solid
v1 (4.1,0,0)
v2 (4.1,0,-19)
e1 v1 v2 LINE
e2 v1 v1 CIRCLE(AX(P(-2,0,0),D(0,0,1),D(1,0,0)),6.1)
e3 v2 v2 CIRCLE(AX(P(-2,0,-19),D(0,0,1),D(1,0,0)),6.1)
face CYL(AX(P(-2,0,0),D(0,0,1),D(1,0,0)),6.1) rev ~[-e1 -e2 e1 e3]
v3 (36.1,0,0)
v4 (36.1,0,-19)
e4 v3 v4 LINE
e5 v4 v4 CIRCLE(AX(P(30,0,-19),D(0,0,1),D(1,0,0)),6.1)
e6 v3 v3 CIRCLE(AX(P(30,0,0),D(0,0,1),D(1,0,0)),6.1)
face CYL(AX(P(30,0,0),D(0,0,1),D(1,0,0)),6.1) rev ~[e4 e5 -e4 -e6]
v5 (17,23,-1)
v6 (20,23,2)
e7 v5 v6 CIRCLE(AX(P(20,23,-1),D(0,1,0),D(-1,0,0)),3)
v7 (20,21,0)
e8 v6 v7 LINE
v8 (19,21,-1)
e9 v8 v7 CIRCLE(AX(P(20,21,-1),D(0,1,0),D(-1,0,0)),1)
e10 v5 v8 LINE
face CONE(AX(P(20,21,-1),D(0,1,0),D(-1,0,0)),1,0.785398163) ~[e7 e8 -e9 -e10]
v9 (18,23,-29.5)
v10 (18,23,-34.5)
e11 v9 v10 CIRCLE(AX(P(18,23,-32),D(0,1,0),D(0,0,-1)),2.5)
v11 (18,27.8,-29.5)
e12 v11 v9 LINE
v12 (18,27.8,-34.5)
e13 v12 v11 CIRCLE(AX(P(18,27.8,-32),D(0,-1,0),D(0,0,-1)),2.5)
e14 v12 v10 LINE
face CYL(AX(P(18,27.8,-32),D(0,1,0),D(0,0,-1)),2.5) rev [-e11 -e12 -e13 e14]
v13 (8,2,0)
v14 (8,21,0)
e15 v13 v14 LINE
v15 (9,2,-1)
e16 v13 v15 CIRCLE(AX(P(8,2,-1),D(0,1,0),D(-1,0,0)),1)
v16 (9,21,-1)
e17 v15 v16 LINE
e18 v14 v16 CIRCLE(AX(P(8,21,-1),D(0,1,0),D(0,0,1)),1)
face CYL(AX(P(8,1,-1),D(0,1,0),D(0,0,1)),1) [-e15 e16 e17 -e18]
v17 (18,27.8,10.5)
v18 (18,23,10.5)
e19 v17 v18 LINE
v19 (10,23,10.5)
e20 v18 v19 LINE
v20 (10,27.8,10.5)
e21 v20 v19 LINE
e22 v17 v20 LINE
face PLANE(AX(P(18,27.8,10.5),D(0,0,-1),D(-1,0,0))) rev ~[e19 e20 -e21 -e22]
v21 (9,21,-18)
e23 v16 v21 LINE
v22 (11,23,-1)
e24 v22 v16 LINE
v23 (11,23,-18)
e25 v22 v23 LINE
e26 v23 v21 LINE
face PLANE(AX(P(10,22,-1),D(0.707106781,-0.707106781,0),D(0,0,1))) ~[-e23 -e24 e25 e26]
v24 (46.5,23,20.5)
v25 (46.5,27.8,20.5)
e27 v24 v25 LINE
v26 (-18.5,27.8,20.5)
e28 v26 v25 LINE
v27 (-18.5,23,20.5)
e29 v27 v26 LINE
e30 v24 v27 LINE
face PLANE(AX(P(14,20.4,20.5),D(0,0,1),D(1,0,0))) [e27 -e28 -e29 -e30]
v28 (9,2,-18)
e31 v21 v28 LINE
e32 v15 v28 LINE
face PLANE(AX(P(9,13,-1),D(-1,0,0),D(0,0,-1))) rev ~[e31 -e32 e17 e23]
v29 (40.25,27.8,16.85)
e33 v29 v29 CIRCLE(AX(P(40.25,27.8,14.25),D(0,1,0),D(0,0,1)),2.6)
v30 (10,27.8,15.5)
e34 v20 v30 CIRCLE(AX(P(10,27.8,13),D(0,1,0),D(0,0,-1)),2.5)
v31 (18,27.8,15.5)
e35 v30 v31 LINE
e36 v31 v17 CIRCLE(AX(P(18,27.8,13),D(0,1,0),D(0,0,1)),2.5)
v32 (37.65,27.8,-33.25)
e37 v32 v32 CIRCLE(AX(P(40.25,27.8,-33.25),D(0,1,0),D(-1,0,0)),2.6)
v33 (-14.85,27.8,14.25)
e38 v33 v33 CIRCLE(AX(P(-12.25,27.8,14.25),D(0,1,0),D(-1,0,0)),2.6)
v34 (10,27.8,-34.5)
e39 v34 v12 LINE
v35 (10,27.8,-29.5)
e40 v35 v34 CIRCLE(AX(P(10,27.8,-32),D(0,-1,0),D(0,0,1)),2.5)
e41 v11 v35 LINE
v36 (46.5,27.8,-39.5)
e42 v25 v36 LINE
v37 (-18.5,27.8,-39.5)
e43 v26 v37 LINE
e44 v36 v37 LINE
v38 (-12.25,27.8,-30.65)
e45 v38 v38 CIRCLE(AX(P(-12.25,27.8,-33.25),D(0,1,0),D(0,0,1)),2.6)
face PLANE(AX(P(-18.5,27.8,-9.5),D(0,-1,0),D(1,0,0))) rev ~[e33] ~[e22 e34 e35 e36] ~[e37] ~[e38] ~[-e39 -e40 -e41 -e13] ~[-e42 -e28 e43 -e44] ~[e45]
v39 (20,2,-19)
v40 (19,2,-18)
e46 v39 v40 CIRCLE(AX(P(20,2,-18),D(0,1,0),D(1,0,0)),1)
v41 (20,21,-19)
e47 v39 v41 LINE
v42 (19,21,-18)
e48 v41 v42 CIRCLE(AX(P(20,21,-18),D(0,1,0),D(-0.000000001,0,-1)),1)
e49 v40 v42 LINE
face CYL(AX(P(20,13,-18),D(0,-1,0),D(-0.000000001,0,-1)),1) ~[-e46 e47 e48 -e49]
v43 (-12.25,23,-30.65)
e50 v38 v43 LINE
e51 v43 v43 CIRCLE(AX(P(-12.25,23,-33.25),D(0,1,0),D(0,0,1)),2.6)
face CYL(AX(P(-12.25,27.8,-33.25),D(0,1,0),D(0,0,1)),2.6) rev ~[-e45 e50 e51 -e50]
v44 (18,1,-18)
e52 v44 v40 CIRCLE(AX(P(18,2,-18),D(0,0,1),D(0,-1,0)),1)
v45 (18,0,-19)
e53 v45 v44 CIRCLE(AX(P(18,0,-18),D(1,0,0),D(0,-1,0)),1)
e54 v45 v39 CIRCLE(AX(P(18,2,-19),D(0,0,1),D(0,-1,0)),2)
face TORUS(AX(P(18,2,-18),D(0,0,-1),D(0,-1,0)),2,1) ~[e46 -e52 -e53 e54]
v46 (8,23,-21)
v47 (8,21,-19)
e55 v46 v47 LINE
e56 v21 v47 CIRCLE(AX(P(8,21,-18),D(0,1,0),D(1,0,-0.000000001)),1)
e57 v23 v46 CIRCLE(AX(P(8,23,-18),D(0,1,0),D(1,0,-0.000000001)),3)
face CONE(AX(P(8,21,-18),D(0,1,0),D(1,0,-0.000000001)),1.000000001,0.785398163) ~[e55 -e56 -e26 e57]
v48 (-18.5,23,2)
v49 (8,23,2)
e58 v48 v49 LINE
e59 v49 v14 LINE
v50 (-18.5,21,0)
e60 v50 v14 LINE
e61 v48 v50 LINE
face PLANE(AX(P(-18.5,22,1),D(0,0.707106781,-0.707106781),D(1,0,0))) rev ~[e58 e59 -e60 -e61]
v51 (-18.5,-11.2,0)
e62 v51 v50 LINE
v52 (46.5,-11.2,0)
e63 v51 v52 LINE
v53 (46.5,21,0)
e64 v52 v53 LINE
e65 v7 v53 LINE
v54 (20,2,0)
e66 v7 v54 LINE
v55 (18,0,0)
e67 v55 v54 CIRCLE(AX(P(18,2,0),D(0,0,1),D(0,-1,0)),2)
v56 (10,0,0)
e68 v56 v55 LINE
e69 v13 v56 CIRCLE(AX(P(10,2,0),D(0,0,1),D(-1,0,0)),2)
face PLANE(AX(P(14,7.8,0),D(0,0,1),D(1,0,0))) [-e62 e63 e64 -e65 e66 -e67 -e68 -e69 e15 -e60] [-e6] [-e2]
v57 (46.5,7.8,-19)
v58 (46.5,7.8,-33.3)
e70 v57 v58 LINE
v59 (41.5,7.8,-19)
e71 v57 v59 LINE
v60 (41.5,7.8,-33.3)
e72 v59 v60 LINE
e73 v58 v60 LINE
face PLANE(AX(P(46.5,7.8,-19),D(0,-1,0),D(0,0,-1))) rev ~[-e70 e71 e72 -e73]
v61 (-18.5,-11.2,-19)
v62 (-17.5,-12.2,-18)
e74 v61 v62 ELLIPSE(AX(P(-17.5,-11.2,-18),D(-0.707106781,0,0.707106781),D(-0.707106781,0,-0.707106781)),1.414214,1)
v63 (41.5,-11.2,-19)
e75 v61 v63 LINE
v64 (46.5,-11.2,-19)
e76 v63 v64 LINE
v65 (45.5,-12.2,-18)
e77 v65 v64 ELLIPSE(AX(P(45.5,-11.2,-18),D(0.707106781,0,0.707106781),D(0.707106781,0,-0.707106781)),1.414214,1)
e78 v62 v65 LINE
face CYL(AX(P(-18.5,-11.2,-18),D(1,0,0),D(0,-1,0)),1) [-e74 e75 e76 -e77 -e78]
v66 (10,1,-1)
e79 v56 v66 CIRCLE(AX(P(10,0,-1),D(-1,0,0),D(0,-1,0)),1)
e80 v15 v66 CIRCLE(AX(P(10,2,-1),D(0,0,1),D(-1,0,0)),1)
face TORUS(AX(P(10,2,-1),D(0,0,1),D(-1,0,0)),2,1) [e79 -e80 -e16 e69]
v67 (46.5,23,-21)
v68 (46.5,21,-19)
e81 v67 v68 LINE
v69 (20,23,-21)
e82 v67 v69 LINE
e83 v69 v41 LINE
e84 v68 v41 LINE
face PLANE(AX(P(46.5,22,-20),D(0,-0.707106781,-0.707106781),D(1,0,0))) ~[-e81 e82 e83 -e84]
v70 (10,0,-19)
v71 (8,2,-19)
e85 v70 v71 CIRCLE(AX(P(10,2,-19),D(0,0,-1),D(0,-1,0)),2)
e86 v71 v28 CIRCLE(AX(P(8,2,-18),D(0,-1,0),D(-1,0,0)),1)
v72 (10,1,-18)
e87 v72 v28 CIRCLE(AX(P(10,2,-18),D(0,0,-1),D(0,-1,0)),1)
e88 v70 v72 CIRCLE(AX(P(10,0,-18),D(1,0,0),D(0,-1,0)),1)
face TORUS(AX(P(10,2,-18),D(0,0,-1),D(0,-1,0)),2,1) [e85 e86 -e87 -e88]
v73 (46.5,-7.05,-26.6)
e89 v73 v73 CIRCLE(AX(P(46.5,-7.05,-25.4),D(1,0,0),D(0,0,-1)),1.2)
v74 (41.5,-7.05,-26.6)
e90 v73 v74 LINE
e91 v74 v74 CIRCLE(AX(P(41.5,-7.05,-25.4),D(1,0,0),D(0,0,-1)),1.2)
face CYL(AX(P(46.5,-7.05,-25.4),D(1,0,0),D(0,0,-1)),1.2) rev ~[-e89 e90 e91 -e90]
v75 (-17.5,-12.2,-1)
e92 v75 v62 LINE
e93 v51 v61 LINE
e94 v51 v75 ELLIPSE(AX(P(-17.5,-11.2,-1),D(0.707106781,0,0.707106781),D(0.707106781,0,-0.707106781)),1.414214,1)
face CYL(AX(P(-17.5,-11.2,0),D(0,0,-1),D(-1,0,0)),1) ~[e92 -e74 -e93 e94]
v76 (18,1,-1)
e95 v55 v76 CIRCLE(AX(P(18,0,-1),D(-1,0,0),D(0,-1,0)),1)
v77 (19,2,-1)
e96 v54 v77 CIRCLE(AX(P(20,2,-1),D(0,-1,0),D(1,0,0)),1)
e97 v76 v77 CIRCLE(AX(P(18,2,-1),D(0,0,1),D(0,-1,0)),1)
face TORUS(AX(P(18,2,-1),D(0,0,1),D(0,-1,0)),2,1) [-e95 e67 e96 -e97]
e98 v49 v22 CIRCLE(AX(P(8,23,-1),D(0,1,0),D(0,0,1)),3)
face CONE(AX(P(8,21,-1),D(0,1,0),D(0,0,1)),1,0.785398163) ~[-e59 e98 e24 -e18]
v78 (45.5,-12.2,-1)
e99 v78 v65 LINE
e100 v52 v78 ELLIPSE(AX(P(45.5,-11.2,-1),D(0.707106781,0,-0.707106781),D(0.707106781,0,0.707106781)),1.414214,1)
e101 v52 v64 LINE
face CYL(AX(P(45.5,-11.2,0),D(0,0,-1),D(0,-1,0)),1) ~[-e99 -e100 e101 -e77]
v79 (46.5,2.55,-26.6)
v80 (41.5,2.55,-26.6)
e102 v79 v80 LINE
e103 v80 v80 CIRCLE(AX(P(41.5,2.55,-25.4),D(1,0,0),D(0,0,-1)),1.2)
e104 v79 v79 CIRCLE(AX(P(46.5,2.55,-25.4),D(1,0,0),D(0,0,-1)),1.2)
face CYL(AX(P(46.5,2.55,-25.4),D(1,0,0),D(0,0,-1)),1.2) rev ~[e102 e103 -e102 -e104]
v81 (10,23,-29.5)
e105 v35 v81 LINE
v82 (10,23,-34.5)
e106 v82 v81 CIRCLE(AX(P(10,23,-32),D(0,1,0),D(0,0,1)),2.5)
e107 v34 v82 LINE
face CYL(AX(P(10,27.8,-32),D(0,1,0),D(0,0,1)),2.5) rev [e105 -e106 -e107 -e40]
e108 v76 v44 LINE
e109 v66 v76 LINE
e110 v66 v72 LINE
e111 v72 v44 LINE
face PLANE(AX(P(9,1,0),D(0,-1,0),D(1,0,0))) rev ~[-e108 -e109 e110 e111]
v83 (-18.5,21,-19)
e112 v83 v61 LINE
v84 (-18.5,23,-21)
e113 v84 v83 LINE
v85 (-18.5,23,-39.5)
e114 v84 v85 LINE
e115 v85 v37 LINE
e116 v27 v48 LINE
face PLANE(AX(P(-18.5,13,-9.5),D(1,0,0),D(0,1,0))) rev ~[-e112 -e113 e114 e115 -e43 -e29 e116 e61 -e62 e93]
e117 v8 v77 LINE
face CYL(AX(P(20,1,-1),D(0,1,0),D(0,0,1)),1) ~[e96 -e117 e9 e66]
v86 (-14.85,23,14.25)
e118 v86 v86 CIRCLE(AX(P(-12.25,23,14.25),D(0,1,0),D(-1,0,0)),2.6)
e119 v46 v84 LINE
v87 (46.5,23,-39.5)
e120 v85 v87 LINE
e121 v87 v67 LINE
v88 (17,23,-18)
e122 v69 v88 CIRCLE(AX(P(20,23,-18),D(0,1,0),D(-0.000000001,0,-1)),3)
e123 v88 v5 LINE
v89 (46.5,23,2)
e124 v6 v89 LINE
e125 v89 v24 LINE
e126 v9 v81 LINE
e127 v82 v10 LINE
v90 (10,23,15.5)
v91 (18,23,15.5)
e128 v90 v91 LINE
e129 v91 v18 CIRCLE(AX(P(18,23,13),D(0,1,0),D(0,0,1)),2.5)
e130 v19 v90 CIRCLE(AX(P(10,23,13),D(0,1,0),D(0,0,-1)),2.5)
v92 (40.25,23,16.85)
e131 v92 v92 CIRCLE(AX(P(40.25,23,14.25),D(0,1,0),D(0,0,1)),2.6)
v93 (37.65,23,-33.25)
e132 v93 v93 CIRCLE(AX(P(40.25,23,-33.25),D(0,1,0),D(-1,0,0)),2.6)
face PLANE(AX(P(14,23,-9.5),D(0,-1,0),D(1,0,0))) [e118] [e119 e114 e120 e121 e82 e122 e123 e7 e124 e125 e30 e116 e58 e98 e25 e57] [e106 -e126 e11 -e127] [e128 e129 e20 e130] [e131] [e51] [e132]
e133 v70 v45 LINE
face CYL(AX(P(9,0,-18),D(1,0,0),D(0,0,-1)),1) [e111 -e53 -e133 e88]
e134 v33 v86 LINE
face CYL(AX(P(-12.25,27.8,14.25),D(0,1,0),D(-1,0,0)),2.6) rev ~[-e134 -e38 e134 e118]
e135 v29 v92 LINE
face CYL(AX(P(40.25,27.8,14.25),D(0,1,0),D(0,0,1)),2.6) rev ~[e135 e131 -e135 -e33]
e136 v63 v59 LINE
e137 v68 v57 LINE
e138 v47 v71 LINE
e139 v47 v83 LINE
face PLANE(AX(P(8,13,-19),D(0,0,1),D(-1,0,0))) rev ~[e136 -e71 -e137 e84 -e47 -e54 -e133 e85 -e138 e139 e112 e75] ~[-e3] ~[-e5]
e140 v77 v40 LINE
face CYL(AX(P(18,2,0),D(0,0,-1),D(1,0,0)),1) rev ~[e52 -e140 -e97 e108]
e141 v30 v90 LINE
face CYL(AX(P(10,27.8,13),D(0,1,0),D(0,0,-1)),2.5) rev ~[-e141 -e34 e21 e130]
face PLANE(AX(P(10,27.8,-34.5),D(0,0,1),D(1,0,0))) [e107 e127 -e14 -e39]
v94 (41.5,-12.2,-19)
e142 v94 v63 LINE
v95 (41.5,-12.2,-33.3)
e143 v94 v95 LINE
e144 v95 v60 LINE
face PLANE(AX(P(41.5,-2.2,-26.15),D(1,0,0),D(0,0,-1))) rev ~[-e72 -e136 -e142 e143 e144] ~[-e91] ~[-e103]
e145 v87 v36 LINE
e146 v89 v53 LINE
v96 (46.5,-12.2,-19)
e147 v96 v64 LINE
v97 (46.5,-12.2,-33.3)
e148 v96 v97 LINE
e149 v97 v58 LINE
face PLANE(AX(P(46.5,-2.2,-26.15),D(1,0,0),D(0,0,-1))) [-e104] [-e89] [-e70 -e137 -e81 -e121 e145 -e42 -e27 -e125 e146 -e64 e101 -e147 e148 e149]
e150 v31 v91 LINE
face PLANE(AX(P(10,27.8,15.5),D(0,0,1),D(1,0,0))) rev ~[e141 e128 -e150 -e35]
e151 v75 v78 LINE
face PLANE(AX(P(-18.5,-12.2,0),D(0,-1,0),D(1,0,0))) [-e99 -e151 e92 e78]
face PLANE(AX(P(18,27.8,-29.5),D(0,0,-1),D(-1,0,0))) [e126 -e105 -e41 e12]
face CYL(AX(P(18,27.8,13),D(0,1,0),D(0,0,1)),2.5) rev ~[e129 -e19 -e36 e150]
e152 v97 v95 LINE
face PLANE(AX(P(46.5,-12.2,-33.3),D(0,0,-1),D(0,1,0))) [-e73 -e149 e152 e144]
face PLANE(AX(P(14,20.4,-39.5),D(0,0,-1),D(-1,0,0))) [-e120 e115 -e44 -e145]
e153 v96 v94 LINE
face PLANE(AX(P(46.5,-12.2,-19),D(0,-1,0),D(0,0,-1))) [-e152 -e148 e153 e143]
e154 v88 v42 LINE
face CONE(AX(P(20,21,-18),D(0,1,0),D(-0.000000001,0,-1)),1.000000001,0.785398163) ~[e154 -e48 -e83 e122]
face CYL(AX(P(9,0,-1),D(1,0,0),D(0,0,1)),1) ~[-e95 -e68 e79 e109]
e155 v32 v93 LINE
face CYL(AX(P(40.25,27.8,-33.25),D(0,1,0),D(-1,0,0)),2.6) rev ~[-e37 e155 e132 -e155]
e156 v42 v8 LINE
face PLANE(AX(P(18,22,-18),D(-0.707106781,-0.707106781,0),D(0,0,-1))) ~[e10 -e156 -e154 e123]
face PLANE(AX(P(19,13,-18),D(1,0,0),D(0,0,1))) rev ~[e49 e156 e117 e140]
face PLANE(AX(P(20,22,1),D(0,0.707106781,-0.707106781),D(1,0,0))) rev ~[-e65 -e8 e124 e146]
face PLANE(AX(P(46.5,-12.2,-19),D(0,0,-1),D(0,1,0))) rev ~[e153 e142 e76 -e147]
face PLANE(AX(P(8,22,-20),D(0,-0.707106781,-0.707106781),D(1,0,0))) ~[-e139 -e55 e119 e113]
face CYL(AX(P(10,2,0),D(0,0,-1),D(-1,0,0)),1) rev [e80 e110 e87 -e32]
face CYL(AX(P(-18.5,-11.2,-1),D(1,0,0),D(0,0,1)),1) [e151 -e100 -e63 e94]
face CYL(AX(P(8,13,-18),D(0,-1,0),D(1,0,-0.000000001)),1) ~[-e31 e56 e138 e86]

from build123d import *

# Parameters (mm, degrees)
SKETCH1_W           = 65
SKETCH1_H           = 40
SKETCH1_R           = 6.1
BOSS_EXTRUDE1_DEPTH = 19
SKETCH4_W           = 65
SKETCH4_H           = 14.8
BOSS_EXTRUDE2_DEPTH = 35
SKETCH6_W           = 10
SKETCH6_H           = 12
CUT_EXTRUDE1_DEPTH  = 71.109485806
CUT_EXTRUDE3_DEPTH  = 76.779284768
FILLET1_R           = 1
SKETCH9_W           = 65
SKETCH9_H           = 14.8
CUT_EXTRUDE4_DEPTH  = 5
SKETCH10_W          = 65
SKETCH10_H          = 14.8
CUT_EXTRUDE5_DEPTH  = 5
SKETCH11_R          = 2.6
CUT_EXTRUDE6_DEPTH  = 73.955465868
CUT_EXTRUDE7_DEPTH  = 10
CHAMFER1_SIZE       = 2
SKETCH13_W          = 14.3
SKETCH13_H          = 20
SKETCH13_R          = 1.2
BOSS_EXTRUDE3_DEPTH = 5


with BuildPart() as part:
    # Sketch1 → Boss-Extrude1 (new body)
    with BuildSketch(Plane.XY):
        with Locations((14, 7.8)):
            Rectangle(SKETCH1_W, SKETCH1_H)
        with Locations((-2, 0)):
            Circle(SKETCH1_R, mode=Mode.SUBTRACT)
        with Locations((30, 0)):
            Circle(SKETCH1_R, mode=Mode.SUBTRACT)
    extrude(amount=-BOSS_EXTRUDE1_DEPTH)

    # Sketch4 → Boss-Extrude2 (add, symmetric)
    with BuildSketch(Plane.XY.offset(-9.5)):
        with Locations((14, 20.4)):
            Rectangle(SKETCH4_W, SKETCH4_H)
    extrude(amount=BOSS_EXTRUDE2_DEPTH, both=True)

    # Sketch6 → Cut-Extrude1 (cut, through all)
    with BuildSketch(Plane.XY):
        with Locations((14, 7)):
            Rectangle(SKETCH6_W, SKETCH6_H)
    extrude(amount=-CUT_EXTRUDE1_DEPTH, mode=Mode.SUBTRACT)

    # Sketch8 → Cut-Extrude3 (cut, through all)
    with BuildSketch(Plane(origin=(0, 27.8, 0), x_dir=(1, 0, 0), z_dir=(0, 1, 0))):
        with BuildLine():
            Line((18, 29.5), (10, 29.5))
            ThreePointArc((10, 29.5), (7.5, 32), (10, 34.5))
            Line((10, 34.5), (18, 34.5))
            ThreePointArc((18, 34.5), (20.5, 32), (18, 29.5))
        make_face()
        with BuildLine():
            Line((18, -10.5), (10, -10.5))
            ThreePointArc((10, -10.5), (7.5, -13), (10, -15.5))
            Line((10, -15.5), (18, -15.5))
            ThreePointArc((18, -15.5), (20.5, -13), (18, -10.5))
        make_face()
    extrude(amount=-CUT_EXTRUDE3_DEPTH, mode=Mode.SUBTRACT)

    # Fillet1
    fillet1_edges = [part.edges().sort_by_distance(p)[0] for p in [
        (14, 1, -19),
        (9, 7, -19),
        (19, 7, -19),
        (9, 1, -9.5),
        (19, 1, -9.5),
        (9, 7, 0),
        (14, 1, 0),
        (19, 7, 0),
        (14, -12.2, 0),
        (46.5, -12.2, -9.5),
        (-18.5, -12.2, -9.5),
        (14, -12.2, -19),
    ]]
    fillet(fillet1_edges, radius=FILLET1_R)

    # Sketch9 → Cut-Extrude4 (cut)
    with BuildSketch(Plane.XY.offset(25.5)):
        with Locations((14, 20.4)):
            Rectangle(SKETCH9_W, SKETCH9_H)
    extrude(amount=-CUT_EXTRUDE4_DEPTH, mode=Mode.SUBTRACT)

    # Sketch10 → Cut-Extrude5 (cut)
    with BuildSketch(Plane(origin=(0, 0, -44.5), x_dir=(-1, 0, 0), z_dir=(0, 0, -1))):
        with Locations((-14, 20.4)):
            Rectangle(SKETCH10_W, SKETCH10_H)
    extrude(amount=-CUT_EXTRUDE5_DEPTH, mode=Mode.SUBTRACT)

    # Sketch11 → Cut-Extrude6 (cut, through all)
    with BuildSketch(Plane(origin=(0, 27.8, 0), x_dir=(1, 0, 0), z_dir=(0, 1, 0))):
        with Locations(Location((40.25, -14.25, 0), (0, 0, 270))):
            Circle(SKETCH11_R)
        with Locations(Location((40.25, 33.25, 0), (0, 0, 180))):
            Circle(SKETCH11_R)
        with Locations(Location((-12.25, 33.25, 0), (0, 0, 270))):
            Circle(SKETCH11_R)
        with Locations(Location((-12.25, -14.25, 0), (0, 0, 180))):
            Circle(SKETCH11_R)
    extrude(amount=-CUT_EXTRUDE6_DEPTH, mode=Mode.SUBTRACT)

    # Sketch12 → Cut-Extrude7 (cut)
    with BuildSketch(Plane.XZ.offset(-13)):
        with BuildLine():
            Line((-18.5, -39.5), (46.5, -39.5))
            Line((46.5, -39.5), (46.5, -19))
            Line((46.5, -19), (20, -19))
            ThreePointArc((20, -19), (19.292893219, -18.707106781), (19, -18))
            Line((19, -18), (19, -1))
            ThreePointArc((19, -1), (19.292893219, -0.292893219), (20, 0))
            Line((20, 0), (46.5, 0))
            Line((46.5, 0), (46.5, 20.5))
            Line((46.5, 20.5), (-18.5, 20.5))
            Line((-18.5, 20.5), (-18.5, 0))
            Line((-18.5, 0), (8, 0))
            ThreePointArc((8, 0), (8.707106781, -0.292893219), (9, -1))
            Line((9, -1), (9, -18))
            ThreePointArc((9, -18), (8.707106781, -18.707106781), (8, -19))
            Line((8, -19), (-18.5, -19))
            Line((-18.5, -19), (-18.5, -39.5))
        make_face()
    extrude(amount=-CUT_EXTRUDE7_DEPTH, mode=Mode.SUBTRACT)

    # Chamfer1
    chamfer1_edges = [part.edges().sort_by_distance(p)[0] for p in [
        (-5.25, 23, -19),
        (8.707106781, 23, -18.707106781),
        (9, 23, -9.5),
        (8.707106781, 23, -0.292893219),
        (-5.25, 23, 0),
        (33.25, 23, 0),
        (19.292893219, 23, -0.292893219),
        (19, 23, -9.5),
        (19.292893219, 23, -18.707106781),
        (33.25, 23, -19),
    ]]
    chamfer(chamfer1_edges, length=CHAMFER1_SIZE)

    # Sketch13 → Boss-Extrude3 (add)
    with BuildSketch(Plane(origin=(46.5, 0, 0), x_dir=(0, 0, -1), z_dir=(1, 0, 0))):
        with Locations((26.15, -2.2)):
            Rectangle(SKETCH13_W, SKETCH13_H)
        with Locations((25.4, 2.55)):
            Circle(SKETCH13_R, mode=Mode.SUBTRACT)
        with Locations((25.4, -7.05)):
            Circle(SKETCH13_R, mode=Mode.SUBTRACT)
    extrude(amount=-BOSS_EXTRUDE3_DEPTH)


solid = part.part
